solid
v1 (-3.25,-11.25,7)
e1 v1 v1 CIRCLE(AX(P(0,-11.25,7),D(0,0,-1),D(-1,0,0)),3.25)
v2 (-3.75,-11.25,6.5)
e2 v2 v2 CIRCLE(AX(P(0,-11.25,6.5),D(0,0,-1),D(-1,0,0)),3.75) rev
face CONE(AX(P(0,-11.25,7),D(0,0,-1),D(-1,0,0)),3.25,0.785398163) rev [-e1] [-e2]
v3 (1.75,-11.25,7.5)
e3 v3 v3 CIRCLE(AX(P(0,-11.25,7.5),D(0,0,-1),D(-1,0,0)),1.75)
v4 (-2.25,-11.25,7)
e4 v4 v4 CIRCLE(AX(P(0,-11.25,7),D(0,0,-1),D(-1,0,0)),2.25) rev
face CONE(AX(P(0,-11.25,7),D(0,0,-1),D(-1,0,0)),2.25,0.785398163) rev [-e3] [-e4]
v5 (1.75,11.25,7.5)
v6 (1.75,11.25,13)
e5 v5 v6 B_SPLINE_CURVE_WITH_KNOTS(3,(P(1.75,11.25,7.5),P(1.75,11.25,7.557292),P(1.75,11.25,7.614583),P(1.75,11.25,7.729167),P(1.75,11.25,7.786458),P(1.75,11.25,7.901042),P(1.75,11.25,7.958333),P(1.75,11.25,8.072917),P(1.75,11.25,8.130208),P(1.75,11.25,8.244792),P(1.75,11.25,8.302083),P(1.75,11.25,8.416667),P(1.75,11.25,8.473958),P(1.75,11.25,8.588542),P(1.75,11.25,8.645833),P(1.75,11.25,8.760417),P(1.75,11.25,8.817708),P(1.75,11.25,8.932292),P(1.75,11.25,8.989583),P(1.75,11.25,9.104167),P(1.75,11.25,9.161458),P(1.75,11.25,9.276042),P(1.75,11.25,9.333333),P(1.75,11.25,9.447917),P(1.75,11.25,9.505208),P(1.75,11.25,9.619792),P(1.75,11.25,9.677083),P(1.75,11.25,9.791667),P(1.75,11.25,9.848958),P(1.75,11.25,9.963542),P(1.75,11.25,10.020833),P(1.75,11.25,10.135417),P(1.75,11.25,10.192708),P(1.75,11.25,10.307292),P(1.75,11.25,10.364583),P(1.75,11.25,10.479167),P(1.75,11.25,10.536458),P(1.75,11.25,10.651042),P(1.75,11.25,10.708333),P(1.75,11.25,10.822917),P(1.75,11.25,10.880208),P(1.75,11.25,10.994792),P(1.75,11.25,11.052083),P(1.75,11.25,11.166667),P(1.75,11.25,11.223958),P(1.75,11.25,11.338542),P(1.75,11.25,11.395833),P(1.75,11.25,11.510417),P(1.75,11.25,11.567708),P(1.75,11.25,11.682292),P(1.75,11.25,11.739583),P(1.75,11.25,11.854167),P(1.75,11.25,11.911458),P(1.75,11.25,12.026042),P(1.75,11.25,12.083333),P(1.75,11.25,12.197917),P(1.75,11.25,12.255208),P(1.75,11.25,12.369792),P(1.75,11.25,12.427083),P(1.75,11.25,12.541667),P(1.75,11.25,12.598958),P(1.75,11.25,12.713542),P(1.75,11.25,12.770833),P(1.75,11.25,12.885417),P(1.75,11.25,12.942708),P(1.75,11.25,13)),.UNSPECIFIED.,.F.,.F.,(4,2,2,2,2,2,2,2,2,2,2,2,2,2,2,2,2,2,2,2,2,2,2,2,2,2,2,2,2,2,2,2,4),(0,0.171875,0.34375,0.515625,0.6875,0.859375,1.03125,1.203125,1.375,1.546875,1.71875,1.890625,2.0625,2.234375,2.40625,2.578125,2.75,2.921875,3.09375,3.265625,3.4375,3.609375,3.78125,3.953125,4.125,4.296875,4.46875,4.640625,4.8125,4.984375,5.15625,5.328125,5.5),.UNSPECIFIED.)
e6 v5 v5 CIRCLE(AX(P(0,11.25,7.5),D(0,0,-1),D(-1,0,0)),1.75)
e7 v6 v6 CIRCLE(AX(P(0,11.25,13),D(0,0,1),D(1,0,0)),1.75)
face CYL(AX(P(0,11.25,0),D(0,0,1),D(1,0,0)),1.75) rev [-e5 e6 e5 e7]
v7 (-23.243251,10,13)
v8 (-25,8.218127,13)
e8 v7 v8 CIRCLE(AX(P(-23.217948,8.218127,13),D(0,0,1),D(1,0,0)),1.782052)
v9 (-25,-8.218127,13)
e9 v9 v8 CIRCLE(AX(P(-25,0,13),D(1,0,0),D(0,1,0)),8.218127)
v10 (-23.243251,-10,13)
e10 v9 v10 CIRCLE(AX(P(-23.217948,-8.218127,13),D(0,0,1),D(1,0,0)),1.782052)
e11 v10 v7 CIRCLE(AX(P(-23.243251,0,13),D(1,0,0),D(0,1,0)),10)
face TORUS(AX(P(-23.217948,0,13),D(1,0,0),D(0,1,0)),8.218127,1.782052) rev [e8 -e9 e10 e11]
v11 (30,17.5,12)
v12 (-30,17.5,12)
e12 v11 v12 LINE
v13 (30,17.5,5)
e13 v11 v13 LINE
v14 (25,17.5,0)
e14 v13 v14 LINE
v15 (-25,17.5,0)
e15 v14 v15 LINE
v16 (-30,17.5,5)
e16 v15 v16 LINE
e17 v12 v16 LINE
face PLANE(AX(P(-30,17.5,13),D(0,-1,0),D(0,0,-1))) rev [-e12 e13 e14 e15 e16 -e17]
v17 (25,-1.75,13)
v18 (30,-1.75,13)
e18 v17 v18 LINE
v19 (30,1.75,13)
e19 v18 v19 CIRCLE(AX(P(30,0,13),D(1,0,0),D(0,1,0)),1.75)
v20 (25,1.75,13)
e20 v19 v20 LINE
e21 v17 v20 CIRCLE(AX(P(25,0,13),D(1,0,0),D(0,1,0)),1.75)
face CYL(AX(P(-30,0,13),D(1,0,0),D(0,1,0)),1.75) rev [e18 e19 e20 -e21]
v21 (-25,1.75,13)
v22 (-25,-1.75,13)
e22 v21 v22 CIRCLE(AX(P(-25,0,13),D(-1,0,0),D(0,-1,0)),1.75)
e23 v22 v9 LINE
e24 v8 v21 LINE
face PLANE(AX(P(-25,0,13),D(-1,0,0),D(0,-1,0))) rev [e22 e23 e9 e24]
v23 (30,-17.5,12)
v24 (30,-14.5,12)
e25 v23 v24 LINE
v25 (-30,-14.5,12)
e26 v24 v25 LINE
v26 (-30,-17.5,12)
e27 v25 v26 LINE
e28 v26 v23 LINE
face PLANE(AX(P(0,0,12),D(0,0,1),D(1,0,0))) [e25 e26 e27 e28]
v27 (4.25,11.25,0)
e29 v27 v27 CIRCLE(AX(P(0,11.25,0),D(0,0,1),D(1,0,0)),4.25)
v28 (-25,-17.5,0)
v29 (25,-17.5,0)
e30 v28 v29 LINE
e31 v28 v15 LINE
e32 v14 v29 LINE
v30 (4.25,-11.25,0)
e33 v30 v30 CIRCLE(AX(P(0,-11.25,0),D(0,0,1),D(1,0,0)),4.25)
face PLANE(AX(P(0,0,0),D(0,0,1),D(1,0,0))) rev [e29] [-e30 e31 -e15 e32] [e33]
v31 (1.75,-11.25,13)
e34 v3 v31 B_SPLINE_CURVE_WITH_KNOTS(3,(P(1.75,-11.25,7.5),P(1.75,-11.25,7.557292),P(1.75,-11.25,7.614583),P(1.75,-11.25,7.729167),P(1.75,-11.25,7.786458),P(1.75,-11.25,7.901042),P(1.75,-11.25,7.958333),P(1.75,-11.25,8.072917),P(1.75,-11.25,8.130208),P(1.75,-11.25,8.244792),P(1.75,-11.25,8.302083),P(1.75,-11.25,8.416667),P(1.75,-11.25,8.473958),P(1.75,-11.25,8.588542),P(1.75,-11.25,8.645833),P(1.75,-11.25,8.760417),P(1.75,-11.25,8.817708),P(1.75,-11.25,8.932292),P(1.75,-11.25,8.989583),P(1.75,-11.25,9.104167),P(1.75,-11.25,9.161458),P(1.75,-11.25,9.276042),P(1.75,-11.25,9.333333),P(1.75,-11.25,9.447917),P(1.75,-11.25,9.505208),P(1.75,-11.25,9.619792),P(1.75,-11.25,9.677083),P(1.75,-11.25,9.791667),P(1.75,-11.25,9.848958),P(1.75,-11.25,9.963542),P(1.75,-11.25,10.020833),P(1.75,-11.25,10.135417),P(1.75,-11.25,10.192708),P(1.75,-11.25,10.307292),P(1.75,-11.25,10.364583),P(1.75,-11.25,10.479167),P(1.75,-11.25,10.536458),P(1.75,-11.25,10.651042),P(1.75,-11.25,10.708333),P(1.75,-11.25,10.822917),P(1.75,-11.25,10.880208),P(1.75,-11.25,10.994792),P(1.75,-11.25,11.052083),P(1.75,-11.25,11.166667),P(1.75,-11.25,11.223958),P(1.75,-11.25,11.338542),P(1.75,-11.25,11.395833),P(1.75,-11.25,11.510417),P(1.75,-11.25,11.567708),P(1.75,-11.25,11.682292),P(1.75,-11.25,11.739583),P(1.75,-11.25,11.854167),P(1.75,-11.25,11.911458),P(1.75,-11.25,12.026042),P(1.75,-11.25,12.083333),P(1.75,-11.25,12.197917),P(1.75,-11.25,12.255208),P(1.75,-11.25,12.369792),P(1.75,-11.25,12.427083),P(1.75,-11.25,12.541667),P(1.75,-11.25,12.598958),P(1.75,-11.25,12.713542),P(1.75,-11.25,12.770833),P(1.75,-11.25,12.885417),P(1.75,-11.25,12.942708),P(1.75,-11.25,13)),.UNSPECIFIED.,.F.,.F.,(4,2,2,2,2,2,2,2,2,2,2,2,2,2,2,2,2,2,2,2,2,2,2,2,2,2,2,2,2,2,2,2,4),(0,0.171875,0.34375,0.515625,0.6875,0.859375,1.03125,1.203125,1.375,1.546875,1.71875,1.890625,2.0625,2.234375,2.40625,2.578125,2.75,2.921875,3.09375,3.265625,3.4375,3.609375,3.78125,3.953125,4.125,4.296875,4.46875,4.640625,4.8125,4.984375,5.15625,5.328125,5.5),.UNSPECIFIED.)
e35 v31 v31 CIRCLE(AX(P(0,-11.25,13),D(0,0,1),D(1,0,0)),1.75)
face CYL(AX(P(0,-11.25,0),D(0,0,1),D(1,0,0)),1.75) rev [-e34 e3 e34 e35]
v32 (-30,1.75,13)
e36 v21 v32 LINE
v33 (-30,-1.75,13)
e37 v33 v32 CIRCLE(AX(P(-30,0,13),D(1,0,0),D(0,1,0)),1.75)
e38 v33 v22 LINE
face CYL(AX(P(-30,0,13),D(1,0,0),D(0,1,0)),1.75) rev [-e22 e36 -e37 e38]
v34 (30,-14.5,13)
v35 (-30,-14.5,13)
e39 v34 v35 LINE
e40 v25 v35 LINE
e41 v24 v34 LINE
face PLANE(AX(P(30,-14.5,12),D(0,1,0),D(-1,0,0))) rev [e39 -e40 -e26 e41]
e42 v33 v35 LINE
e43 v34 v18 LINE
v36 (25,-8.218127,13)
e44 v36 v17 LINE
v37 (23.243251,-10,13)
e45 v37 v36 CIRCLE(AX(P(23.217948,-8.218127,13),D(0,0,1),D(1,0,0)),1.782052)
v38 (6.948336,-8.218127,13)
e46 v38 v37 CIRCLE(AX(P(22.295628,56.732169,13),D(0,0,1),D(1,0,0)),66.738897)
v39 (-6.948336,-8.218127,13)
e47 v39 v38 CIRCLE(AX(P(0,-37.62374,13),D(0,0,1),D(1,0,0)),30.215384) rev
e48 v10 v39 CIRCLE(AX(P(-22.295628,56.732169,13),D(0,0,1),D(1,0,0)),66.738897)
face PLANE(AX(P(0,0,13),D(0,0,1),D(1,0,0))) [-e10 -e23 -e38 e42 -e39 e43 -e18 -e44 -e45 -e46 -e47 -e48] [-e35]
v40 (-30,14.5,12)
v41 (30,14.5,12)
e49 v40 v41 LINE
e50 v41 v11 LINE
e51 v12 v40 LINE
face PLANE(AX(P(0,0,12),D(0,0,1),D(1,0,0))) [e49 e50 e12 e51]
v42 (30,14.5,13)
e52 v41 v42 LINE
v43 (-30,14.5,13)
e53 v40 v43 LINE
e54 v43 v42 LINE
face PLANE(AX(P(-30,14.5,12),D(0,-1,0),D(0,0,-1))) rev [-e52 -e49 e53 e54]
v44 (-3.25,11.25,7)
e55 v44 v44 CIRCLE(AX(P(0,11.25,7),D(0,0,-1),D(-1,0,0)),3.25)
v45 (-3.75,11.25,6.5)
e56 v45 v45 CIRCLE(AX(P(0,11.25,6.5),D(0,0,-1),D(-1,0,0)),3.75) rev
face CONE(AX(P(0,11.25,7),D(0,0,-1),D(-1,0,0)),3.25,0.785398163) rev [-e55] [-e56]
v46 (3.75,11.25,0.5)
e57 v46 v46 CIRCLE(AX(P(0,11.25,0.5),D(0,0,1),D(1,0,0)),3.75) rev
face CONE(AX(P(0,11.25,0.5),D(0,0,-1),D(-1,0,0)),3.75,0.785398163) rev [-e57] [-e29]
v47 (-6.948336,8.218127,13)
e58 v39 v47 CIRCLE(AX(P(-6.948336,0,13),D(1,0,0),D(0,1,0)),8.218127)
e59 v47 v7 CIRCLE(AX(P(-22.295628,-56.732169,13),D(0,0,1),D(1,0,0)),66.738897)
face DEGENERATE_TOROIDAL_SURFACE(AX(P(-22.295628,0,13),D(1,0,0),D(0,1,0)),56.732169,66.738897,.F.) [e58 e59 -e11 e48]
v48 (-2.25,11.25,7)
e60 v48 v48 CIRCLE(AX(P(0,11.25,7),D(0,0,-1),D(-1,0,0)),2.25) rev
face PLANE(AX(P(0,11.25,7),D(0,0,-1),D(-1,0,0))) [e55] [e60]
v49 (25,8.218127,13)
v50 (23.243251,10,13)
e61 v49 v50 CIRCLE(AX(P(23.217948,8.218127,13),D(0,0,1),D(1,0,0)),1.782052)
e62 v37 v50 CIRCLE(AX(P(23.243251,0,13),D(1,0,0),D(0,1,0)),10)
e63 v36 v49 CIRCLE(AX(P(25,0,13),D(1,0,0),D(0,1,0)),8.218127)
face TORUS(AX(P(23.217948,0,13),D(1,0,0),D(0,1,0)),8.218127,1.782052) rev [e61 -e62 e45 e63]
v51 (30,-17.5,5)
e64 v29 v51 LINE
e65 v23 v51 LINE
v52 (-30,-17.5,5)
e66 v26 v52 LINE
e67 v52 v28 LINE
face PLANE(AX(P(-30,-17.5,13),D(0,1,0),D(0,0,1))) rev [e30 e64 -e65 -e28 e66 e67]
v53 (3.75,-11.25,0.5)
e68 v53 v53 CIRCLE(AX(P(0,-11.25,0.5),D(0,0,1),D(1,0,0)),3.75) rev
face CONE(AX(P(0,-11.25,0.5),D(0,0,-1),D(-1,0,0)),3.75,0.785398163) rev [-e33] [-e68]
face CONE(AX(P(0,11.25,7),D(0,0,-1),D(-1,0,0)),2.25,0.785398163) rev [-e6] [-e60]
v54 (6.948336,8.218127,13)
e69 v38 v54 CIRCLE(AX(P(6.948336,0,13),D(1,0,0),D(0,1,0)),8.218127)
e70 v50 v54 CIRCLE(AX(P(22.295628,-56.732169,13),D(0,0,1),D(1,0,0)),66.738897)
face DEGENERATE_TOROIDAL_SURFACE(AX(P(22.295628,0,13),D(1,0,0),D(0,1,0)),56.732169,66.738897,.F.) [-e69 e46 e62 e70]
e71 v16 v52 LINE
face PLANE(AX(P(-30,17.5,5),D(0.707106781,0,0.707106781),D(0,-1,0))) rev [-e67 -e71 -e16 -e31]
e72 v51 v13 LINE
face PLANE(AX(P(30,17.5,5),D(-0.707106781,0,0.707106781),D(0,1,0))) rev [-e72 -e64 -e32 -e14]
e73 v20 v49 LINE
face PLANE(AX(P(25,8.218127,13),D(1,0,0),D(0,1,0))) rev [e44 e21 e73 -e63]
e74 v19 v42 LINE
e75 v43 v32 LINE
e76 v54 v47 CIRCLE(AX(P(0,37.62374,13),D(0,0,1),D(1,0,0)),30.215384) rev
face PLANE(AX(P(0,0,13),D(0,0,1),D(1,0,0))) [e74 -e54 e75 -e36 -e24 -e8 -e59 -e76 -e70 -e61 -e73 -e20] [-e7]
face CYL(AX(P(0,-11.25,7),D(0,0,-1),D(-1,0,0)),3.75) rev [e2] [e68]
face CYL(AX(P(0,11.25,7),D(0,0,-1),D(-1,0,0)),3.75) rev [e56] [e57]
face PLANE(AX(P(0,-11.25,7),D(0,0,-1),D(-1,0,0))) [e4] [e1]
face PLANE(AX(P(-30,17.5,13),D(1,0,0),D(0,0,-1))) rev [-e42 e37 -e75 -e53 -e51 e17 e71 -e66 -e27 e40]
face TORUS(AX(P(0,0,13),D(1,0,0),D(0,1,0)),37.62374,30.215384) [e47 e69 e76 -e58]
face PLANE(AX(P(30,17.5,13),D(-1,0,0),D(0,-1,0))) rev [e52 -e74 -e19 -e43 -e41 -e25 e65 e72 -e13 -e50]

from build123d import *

# Parameters (mm, degrees)
SKETCH1_W               = 60
SKETCH1_H               = 35
BOSS_EXTRUDE1_DEPTH     = 13
CUT_EXTRUDE1_DEPTH      = 64.837684937
CUT_EXTRUDE1_DEPTH_BACK = 64.837684937
SKETCH3_R               = 1.75
SKETCH4_W               = 60
SKETCH4_H               = 3
CUT_EXTRUDE2_DEPTH      = 1
SKETCH5_R               = 1.75
CUT_EXTRUDE3_DEPTH      = 38.084363362
CHAMFER1_SIZE           = 5
SKETCH6_R               = 3.75
CUT_EXTRUDE4_DEPTH      = 7
CHAMFER2_SIZE           = 0.5


with BuildPart() as part:
    # Sketch1 → Boss-Extrude1 (new body)
    with BuildSketch(Plane.XY):
        Rectangle(SKETCH1_W, SKETCH1_H)
    extrude(amount=BOSS_EXTRUDE1_DEPTH)

    # Sketch2 → Cut-Revolve1 (revolve, cut)
    with BuildSketch(Plane.XY.offset(13)):
        with BuildLine():
            Line((-25, 0), (-25, 8.218127455))
            ThreePointArc((-25, 8.218127455), (-24.486963528, 9.469250598), (-23.243251097, 10))
            ThreePointArc((-23.243251097, 10), (-15.040879193, 9.611248064), (-6.94833646, 8.218127455))
            ThreePointArc((-6.94833646, 8.218127455), (0, 7.408356031), (6.94833646, 8.218127455))
            ThreePointArc((6.94833646, 8.218127455), (15.040879193, 9.611248064), (23.243251097, 10))
            ThreePointArc((23.243251097, 10), (24.486963528, 9.469250598), (25, 8.218127455))
            Line((25, 8.218127455), (25, 0))
            Line((25, 0), (-25, 0))
        make_face()
    revolve(axis=Axis((25, 0, 13), (-1, 0, 0)), mode=Mode.SUBTRACT)

    # Sketch3 → Cut-Extrude1 (cut, two sides: drawn at the far end of the back side and taken through both)
    with BuildSketch(Plane(origin=(30, 0, 0), x_dir=(0, 0, -1), z_dir=(1, 0, 0)).offset(-CUT_EXTRUDE1_DEPTH_BACK)):
        with Locations((-13, 0)):
            Circle(SKETCH3_R)
    extrude(amount=CUT_EXTRUDE1_DEPTH + CUT_EXTRUDE1_DEPTH_BACK, mode=Mode.SUBTRACT)

    # Sketch4 → Cut-Extrude2 (cut)
    with BuildSketch(Plane.XY.offset(13)):
        with Locations((0, 16)):
            Rectangle(SKETCH4_W, SKETCH4_H)
        with Locations((0, -16)):
            Rectangle(SKETCH4_W, SKETCH4_H)
    extrude(amount=-CUT_EXTRUDE2_DEPTH, mode=Mode.SUBTRACT)

    # Sketch5 → Cut-Extrude3 (cut, through all)
    with BuildSketch(Plane.XY.offset(13)):
        with Locations((0, 11.25)):
            Circle(SKETCH5_R)
        with Locations((0, -11.25)):
            Circle(SKETCH5_R)
    extrude(amount=-CUT_EXTRUDE3_DEPTH, mode=Mode.SUBTRACT)

    # Chamfer1
    chamfer1_edges = [part.edges().sort_by_distance(p)[0] for p in [
        (-30, 0, 0),
        (30, 0, 0),
    ]]
    chamfer(chamfer1_edges, length=CHAMFER1_SIZE)

    # Sketch6 → Cut-Extrude4 (cut)
    with BuildSketch(Plane(origin=(0, 0, 0), x_dir=(-1, 0, 0), z_dir=(0, 0, -1))):
        with Locations((0, 11.25)):
            Circle(SKETCH6_R)
        with Locations((0, -11.25)):
            Circle(SKETCH6_R)
    extrude(amount=-CUT_EXTRUDE4_DEPTH, mode=Mode.SUBTRACT)

    # Chamfer2
    chamfer2_edges = [part.edges().sort_by_distance(p)[0] for p in [
        (3.75, -11.25, 0),
        (3.75, -11.25, 7),
        (-1.75, -11.25, 7),
        (3.75, 11.25, 0),
        (3.75, 11.25, 7),
        (-1.75, 11.25, 7),
    ]]
    chamfer(chamfer2_edges, length=CHAMFER2_SIZE)


solid = part.part
